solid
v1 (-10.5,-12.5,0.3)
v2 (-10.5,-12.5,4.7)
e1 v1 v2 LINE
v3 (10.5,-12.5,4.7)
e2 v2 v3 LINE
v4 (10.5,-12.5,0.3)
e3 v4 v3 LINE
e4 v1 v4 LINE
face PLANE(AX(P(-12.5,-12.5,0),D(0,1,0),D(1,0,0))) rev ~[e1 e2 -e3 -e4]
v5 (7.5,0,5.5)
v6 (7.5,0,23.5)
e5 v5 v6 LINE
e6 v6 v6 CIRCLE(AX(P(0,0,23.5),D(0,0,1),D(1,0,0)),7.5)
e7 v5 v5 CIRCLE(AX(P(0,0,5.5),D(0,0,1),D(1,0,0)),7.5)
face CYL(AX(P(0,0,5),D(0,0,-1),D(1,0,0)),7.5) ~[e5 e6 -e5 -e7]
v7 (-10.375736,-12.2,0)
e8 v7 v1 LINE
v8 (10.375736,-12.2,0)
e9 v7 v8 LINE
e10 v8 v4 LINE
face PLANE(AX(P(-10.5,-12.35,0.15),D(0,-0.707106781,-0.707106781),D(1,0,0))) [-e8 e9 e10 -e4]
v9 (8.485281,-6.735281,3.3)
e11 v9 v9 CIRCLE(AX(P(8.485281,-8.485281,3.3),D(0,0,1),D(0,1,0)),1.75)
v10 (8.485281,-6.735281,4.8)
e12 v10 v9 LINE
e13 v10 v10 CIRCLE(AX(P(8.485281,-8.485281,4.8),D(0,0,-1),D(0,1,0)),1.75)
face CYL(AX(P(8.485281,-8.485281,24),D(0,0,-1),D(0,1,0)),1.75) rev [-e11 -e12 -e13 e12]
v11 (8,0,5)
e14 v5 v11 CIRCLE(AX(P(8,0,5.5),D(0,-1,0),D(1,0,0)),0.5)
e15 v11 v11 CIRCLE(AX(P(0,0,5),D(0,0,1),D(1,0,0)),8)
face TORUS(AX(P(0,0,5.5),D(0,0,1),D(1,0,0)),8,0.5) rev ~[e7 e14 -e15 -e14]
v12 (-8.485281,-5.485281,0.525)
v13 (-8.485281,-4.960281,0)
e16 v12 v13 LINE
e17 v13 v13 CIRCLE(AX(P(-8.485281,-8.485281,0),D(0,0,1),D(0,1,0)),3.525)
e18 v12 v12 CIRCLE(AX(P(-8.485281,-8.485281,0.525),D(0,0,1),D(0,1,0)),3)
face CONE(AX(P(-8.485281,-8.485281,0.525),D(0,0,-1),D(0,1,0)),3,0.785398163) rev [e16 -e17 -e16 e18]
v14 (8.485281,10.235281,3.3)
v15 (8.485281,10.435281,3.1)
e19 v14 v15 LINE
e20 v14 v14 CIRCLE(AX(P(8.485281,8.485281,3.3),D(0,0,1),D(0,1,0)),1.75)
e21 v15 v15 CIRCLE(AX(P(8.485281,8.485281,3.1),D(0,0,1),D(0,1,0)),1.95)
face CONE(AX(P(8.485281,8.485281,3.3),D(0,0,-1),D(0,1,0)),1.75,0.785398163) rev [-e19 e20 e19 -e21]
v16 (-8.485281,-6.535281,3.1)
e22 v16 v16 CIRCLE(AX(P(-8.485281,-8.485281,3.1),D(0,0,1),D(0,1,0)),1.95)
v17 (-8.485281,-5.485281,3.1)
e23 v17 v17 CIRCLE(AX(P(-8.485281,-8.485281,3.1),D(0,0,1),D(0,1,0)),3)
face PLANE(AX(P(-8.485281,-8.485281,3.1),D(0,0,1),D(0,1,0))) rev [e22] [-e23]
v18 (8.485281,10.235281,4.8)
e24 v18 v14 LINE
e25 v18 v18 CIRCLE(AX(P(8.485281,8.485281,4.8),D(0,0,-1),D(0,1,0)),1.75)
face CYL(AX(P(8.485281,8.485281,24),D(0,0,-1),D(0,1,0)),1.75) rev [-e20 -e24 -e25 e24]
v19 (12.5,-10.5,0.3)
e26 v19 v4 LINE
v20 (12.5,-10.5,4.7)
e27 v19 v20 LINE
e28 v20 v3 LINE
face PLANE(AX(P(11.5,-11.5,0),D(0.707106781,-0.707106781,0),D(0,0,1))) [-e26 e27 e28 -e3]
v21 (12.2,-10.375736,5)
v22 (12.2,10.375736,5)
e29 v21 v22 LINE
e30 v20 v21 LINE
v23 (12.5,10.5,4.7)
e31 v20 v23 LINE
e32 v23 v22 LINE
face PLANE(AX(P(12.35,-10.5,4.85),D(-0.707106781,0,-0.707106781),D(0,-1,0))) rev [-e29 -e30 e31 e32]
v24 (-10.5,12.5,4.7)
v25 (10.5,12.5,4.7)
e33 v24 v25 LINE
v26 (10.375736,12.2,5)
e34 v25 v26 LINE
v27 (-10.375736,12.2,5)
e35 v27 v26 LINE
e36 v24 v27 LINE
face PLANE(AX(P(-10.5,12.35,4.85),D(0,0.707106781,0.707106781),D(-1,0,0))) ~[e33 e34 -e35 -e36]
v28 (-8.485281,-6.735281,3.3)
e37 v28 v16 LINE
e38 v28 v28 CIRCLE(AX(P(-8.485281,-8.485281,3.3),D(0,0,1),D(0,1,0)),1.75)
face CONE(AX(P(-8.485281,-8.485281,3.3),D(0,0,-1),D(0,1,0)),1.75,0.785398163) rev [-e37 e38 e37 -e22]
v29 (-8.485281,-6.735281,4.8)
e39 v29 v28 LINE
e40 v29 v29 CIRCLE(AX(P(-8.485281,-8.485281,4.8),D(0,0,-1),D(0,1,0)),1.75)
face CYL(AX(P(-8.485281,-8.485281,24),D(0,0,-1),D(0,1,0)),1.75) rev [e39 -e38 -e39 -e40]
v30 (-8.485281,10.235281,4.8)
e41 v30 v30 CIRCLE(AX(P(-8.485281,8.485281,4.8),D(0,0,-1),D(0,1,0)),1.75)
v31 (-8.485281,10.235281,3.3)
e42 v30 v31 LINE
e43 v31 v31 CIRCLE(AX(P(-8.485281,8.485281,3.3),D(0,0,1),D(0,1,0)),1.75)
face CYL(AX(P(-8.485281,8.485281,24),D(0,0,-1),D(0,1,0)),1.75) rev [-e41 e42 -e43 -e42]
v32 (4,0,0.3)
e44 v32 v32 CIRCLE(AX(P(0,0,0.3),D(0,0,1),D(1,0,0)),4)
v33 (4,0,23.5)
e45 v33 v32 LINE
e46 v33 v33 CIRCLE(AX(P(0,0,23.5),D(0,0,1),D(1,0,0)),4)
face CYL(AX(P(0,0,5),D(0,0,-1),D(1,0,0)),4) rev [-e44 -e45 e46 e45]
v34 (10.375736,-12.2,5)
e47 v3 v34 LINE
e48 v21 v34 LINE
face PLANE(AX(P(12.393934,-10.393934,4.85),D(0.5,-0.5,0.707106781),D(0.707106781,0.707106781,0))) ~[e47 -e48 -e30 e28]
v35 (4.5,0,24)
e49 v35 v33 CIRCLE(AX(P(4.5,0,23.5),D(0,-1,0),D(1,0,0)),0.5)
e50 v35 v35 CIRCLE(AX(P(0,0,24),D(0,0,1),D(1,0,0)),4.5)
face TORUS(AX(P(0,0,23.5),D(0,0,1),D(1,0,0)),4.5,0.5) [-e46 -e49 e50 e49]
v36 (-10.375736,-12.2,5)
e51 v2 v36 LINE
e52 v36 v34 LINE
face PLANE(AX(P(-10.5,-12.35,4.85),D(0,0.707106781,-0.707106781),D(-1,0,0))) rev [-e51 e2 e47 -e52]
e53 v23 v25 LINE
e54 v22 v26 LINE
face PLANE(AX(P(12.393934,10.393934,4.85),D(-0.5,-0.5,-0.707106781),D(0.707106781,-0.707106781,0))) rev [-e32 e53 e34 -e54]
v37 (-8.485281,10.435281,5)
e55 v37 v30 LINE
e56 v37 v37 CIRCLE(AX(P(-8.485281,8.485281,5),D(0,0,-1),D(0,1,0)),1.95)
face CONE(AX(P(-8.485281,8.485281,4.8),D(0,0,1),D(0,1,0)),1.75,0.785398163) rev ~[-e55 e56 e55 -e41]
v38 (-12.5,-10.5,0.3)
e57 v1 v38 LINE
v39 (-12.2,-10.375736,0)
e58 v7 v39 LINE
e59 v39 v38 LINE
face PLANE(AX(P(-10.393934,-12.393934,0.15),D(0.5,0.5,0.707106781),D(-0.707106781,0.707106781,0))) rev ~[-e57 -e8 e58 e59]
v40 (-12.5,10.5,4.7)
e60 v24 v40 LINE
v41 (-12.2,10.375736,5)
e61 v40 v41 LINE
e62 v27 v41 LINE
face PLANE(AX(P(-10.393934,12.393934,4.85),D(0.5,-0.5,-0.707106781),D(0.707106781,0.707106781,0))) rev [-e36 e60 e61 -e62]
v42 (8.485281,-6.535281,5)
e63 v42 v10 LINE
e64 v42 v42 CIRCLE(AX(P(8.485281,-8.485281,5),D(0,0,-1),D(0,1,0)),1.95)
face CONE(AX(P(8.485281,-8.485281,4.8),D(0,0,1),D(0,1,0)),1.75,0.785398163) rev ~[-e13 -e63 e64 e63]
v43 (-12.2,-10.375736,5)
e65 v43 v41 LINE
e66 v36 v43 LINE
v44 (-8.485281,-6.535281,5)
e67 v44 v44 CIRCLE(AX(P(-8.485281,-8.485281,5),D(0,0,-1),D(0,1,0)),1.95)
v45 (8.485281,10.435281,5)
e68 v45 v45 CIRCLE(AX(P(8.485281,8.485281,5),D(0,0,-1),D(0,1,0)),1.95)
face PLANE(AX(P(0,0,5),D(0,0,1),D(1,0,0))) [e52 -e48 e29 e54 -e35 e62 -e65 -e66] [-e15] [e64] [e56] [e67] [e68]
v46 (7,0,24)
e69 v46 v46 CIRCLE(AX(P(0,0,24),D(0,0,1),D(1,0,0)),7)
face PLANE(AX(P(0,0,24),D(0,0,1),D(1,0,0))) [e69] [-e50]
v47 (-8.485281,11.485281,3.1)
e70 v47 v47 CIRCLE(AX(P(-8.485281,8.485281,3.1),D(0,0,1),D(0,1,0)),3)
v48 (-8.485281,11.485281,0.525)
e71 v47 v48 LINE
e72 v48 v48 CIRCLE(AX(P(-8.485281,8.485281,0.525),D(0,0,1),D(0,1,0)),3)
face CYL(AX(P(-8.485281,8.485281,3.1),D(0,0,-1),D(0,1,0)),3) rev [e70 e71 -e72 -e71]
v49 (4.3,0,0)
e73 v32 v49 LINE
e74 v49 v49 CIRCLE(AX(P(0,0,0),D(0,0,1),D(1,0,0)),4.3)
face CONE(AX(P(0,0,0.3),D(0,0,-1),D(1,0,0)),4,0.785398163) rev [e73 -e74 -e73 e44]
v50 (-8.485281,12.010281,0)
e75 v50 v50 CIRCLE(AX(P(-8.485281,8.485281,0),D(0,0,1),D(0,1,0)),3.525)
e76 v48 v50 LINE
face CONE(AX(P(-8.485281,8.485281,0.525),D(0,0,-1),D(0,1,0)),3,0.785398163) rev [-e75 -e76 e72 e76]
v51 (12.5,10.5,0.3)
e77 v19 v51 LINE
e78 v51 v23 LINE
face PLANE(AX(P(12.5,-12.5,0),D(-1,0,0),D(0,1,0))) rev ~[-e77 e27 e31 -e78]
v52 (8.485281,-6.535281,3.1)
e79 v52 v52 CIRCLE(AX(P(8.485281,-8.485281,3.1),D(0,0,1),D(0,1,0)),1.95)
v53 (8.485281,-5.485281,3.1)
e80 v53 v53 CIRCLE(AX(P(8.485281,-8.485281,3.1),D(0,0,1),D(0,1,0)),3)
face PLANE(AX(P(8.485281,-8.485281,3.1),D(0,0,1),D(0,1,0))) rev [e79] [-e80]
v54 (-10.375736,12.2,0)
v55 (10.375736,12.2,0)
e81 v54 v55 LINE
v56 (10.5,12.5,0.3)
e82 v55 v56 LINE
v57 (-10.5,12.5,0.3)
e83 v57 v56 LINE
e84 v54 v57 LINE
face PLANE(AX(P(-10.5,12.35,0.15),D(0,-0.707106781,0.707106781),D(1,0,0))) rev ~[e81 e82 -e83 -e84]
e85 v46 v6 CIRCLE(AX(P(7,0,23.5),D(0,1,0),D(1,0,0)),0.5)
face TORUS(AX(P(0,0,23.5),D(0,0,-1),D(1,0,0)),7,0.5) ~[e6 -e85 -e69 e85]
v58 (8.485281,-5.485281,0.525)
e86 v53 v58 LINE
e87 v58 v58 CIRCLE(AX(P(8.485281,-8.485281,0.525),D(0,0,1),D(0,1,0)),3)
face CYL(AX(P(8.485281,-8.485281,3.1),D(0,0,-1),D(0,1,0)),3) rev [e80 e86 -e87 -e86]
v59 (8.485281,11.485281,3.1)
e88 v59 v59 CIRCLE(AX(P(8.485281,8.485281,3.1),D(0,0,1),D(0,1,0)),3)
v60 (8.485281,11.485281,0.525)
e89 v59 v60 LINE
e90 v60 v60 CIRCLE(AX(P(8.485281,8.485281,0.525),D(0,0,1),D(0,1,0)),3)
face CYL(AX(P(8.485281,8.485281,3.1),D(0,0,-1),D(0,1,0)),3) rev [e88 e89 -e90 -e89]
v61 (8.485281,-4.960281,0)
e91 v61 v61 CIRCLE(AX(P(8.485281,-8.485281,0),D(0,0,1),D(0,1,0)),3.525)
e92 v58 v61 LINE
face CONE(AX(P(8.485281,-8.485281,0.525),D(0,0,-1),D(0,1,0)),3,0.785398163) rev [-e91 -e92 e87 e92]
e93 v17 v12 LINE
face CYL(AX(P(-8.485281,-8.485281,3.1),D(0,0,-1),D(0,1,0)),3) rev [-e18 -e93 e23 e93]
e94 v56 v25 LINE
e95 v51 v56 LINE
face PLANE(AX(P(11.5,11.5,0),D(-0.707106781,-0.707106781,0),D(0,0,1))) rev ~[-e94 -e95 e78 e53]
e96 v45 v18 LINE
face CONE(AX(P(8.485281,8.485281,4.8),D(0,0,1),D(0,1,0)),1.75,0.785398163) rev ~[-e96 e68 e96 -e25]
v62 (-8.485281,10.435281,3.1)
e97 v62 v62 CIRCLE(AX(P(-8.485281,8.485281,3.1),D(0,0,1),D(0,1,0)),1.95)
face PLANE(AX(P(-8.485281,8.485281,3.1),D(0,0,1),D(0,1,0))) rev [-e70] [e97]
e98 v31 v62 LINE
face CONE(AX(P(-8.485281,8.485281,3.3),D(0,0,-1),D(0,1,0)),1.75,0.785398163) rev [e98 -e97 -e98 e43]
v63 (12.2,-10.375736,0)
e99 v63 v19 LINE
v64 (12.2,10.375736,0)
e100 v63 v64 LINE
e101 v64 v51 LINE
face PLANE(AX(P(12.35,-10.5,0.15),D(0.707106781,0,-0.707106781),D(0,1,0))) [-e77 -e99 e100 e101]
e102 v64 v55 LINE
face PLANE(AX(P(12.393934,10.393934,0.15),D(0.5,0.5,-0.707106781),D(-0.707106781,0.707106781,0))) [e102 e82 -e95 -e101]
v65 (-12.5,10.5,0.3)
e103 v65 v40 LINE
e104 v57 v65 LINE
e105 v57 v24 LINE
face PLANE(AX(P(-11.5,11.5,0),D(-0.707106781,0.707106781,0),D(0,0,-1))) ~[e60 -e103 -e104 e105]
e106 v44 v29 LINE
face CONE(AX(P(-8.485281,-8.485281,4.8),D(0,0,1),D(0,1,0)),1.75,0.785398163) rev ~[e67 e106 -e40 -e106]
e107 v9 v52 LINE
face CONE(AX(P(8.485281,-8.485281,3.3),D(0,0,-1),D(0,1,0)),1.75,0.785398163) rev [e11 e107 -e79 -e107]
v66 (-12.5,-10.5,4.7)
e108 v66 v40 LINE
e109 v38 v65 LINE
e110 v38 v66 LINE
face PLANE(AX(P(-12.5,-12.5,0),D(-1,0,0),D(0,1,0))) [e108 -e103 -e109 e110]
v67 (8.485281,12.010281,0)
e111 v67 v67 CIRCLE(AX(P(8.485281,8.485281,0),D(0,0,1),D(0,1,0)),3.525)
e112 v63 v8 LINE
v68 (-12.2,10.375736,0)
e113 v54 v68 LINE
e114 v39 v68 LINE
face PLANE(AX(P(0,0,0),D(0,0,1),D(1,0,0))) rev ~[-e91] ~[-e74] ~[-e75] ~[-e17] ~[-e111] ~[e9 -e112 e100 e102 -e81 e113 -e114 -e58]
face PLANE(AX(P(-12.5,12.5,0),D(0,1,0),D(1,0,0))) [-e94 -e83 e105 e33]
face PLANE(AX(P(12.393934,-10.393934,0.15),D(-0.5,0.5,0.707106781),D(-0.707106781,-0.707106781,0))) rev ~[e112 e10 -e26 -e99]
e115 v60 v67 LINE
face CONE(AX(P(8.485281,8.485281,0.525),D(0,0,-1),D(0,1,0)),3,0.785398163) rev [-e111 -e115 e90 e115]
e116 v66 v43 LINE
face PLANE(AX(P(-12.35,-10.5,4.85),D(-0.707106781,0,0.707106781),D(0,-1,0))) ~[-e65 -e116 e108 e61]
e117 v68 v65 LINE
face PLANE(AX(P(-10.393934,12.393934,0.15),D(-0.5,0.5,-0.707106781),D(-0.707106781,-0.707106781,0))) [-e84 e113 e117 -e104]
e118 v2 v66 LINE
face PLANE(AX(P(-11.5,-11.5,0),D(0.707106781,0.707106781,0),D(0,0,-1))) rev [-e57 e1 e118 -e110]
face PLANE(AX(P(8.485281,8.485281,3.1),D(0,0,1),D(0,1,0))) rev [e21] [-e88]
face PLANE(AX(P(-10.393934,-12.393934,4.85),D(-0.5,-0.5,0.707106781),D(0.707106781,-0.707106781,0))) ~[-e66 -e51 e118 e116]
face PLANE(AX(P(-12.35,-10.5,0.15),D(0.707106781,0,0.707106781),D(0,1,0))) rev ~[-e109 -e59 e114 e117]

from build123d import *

# Parameters (mm, degrees)
SKETCH1_W                               = 25
SKETCH1_H                               = 25
SKETCH1_R                               = 4
BOSS_EXTRUDE1_DEPTH                     = 5
SKETCH2_R                               = 7.5
SKETCH2_R_2                             = 4
BOSS_EXTRUDE2_DEPTH                     = 19
CHAMFER1_SIZE                           = 2
CBORE_FOR_M3_PAN_HEAD_SCREW1_AT_2_COUNT = 2
CBORE_FOR_M3_PAN_HEAD_SCREW1_AT_2_PITCH = 16.970562748
CBORE_FOR_M3_PAN_HEAD_SCREW1_AT_3_COUNT = 2
CBORE_FOR_M3_PAN_HEAD_SCREW1_AT_3_PITCH = 24
CBORE_FOR_M3_PAN_HEAD_SCREW1_AT_4_COUNT = 2
CBORE_FOR_M3_PAN_HEAD_SCREW1_AT_4_PITCH = 16.970562748
CHAMFER2_SIZE                           = 0.3
FILLET1_R                               = 0.5
FILLET2_R                               = 0.5
CHAMFER3_SIZE                           = 0.3
FILLET3_R                               = 0.5
CHAMFER4_SIZE                           = 0.2


with BuildPart() as part:
    # Sketch1 → Boss-Extrude1 (new body)
    with BuildSketch(Plane.XY):
        Rectangle(SKETCH1_W, SKETCH1_H)
        Circle(SKETCH1_R, mode=Mode.SUBTRACT)
    extrude(amount=BOSS_EXTRUDE1_DEPTH)

    # Sketch2 → Boss-Extrude2 (add)
    with BuildSketch(Plane.XY.offset(5)):
        Circle(SKETCH2_R)
        Circle(SKETCH2_R_2, mode=Mode.SUBTRACT)
    extrude(amount=BOSS_EXTRUDE2_DEPTH)

    # Chamfer1
    chamfer1_edges = [part.edges().sort_by_distance(p)[0] for p in [
        (12.5, -12.5, 2.5),
        (-12.5, -12.5, 2.5),
        (-12.5, 12.5, 2.5),
        (12.5, 12.5, 2.5),
    ]]
    chamfer(chamfer1_edges, length=CHAMFER1_SIZE)

    # Sketch4 → CBORE for M3 Pan Head Screw1 (revolve, cut)
    with BuildSketch(Plane(origin=(8.485281374, 8.485281374, 0), x_dir=(0, 1, 0), z_dir=(1, 0, 0))):
        Polygon((0, 0), (0, 24), (1.75, 24), (1.75, 3.1), (3, 3.1), (3, 0.525), (3.525, 0), align=None)
    cbore_for_m3_pan_head_screw1 = revolve(axis=Axis((8.485281374, 8.485281374, -6.35), (0, 0, 1)), mode=Mode.SUBTRACT)

    # CBORE for M3 Pan Head Screw1 at 2: CBORE for M3 Pan Head Screw1 ×2
    with Locations(*[(-i * CBORE_FOR_M3_PAN_HEAD_SCREW1_AT_2_PITCH, 0, 0) for i in range(1, CBORE_FOR_M3_PAN_HEAD_SCREW1_AT_2_COUNT)]):
        add(cbore_for_m3_pan_head_screw1, mode=Mode.SUBTRACT)

    # CBORE for M3 Pan Head Screw1 at 3: CBORE for M3 Pan Head Screw1 ×2
    with Locations(*[Vector(-0.7071067811865676, -0.7071067811865276, 0) * (i * CBORE_FOR_M3_PAN_HEAD_SCREW1_AT_3_PITCH) for i in range(1, CBORE_FOR_M3_PAN_HEAD_SCREW1_AT_3_COUNT)]):
        add(cbore_for_m3_pan_head_screw1, mode=Mode.SUBTRACT)

    # CBORE for M3 Pan Head Screw1 at 4: CBORE for M3 Pan Head Screw1 ×2
    with Locations(*[(0, -i * CBORE_FOR_M3_PAN_HEAD_SCREW1_AT_4_PITCH, 0) for i in range(1, CBORE_FOR_M3_PAN_HEAD_SCREW1_AT_4_COUNT)]):
        add(cbore_for_m3_pan_head_screw1, mode=Mode.SUBTRACT)

    # Chamfer2
    chamfer2_edges = [part.edges().sort_by_distance(p)[0] for p in [
        (-12.5, 0, 0),
        (-12.5, 0, 5),
        (12.5, 0, 0),
        (0, -12.5, 0),
        (0, 12.5, 0),
        (11.5, 11.5, 0),
        (11.5, -11.5, 0),
        (-11.5, -11.5, 0),
        (-11.5, 11.5, 0),
        (0, 12.5, 5),
        (12.5, 0, 5),
        (0, -12.5, 5),
        (11.5, 11.5, 5),
        (11.5, -11.5, 5),
        (-11.5, -11.5, 5),
        (-11.5, 11.5, 5),
    ]]
    chamfer(chamfer2_edges, length=CHAMFER2_SIZE)

    # Fillet1
    fillet1_edges = [part.edges().sort_by_distance(p)[0] for p in [
        (-7.5, 0, 24),
    ]]
    fillet(fillet1_edges, radius=FILLET1_R)

    # Fillet2
    fillet2_edges = [part.edges().sort_by_distance(p)[0] for p in [
        (-4, 0, 24),
    ]]
    fillet(fillet2_edges, radius=FILLET2_R)

    # Chamfer3
    chamfer3_edges = [part.edges().sort_by_distance(p)[0] for p in [
        (-4, 0, 0),
    ]]
    chamfer(chamfer3_edges, length=CHAMFER3_SIZE)

    # Fillet3
    fillet3_edges = [part.edges().sort_by_distance(p)[0] for p in [
        (-7.5, 0, 5),
    ]]
    fillet(fillet3_edges, radius=FILLET3_R)

    # Chamfer4
    chamfer4_edges = [part.edges().sort_by_distance(p)[0] for p in [
        (8.485281374, -10.235281374, 5),
        (8.485281374, -10.235281374, 3.1),
        (-8.485281374, -10.235281374, 5),
        (-8.485281374, -10.235281374, 3.1),
        (-8.485281374, 6.735281374, 5),
        (-8.485281374, 6.735281374, 3.1),
        (8.485281374, 6.735281374, 5),
        (8.485281374, 6.735281374, 3.1),
    ]]
    chamfer(chamfer4_edges, length=CHAMFER4_SIZE)


solid = part.part
